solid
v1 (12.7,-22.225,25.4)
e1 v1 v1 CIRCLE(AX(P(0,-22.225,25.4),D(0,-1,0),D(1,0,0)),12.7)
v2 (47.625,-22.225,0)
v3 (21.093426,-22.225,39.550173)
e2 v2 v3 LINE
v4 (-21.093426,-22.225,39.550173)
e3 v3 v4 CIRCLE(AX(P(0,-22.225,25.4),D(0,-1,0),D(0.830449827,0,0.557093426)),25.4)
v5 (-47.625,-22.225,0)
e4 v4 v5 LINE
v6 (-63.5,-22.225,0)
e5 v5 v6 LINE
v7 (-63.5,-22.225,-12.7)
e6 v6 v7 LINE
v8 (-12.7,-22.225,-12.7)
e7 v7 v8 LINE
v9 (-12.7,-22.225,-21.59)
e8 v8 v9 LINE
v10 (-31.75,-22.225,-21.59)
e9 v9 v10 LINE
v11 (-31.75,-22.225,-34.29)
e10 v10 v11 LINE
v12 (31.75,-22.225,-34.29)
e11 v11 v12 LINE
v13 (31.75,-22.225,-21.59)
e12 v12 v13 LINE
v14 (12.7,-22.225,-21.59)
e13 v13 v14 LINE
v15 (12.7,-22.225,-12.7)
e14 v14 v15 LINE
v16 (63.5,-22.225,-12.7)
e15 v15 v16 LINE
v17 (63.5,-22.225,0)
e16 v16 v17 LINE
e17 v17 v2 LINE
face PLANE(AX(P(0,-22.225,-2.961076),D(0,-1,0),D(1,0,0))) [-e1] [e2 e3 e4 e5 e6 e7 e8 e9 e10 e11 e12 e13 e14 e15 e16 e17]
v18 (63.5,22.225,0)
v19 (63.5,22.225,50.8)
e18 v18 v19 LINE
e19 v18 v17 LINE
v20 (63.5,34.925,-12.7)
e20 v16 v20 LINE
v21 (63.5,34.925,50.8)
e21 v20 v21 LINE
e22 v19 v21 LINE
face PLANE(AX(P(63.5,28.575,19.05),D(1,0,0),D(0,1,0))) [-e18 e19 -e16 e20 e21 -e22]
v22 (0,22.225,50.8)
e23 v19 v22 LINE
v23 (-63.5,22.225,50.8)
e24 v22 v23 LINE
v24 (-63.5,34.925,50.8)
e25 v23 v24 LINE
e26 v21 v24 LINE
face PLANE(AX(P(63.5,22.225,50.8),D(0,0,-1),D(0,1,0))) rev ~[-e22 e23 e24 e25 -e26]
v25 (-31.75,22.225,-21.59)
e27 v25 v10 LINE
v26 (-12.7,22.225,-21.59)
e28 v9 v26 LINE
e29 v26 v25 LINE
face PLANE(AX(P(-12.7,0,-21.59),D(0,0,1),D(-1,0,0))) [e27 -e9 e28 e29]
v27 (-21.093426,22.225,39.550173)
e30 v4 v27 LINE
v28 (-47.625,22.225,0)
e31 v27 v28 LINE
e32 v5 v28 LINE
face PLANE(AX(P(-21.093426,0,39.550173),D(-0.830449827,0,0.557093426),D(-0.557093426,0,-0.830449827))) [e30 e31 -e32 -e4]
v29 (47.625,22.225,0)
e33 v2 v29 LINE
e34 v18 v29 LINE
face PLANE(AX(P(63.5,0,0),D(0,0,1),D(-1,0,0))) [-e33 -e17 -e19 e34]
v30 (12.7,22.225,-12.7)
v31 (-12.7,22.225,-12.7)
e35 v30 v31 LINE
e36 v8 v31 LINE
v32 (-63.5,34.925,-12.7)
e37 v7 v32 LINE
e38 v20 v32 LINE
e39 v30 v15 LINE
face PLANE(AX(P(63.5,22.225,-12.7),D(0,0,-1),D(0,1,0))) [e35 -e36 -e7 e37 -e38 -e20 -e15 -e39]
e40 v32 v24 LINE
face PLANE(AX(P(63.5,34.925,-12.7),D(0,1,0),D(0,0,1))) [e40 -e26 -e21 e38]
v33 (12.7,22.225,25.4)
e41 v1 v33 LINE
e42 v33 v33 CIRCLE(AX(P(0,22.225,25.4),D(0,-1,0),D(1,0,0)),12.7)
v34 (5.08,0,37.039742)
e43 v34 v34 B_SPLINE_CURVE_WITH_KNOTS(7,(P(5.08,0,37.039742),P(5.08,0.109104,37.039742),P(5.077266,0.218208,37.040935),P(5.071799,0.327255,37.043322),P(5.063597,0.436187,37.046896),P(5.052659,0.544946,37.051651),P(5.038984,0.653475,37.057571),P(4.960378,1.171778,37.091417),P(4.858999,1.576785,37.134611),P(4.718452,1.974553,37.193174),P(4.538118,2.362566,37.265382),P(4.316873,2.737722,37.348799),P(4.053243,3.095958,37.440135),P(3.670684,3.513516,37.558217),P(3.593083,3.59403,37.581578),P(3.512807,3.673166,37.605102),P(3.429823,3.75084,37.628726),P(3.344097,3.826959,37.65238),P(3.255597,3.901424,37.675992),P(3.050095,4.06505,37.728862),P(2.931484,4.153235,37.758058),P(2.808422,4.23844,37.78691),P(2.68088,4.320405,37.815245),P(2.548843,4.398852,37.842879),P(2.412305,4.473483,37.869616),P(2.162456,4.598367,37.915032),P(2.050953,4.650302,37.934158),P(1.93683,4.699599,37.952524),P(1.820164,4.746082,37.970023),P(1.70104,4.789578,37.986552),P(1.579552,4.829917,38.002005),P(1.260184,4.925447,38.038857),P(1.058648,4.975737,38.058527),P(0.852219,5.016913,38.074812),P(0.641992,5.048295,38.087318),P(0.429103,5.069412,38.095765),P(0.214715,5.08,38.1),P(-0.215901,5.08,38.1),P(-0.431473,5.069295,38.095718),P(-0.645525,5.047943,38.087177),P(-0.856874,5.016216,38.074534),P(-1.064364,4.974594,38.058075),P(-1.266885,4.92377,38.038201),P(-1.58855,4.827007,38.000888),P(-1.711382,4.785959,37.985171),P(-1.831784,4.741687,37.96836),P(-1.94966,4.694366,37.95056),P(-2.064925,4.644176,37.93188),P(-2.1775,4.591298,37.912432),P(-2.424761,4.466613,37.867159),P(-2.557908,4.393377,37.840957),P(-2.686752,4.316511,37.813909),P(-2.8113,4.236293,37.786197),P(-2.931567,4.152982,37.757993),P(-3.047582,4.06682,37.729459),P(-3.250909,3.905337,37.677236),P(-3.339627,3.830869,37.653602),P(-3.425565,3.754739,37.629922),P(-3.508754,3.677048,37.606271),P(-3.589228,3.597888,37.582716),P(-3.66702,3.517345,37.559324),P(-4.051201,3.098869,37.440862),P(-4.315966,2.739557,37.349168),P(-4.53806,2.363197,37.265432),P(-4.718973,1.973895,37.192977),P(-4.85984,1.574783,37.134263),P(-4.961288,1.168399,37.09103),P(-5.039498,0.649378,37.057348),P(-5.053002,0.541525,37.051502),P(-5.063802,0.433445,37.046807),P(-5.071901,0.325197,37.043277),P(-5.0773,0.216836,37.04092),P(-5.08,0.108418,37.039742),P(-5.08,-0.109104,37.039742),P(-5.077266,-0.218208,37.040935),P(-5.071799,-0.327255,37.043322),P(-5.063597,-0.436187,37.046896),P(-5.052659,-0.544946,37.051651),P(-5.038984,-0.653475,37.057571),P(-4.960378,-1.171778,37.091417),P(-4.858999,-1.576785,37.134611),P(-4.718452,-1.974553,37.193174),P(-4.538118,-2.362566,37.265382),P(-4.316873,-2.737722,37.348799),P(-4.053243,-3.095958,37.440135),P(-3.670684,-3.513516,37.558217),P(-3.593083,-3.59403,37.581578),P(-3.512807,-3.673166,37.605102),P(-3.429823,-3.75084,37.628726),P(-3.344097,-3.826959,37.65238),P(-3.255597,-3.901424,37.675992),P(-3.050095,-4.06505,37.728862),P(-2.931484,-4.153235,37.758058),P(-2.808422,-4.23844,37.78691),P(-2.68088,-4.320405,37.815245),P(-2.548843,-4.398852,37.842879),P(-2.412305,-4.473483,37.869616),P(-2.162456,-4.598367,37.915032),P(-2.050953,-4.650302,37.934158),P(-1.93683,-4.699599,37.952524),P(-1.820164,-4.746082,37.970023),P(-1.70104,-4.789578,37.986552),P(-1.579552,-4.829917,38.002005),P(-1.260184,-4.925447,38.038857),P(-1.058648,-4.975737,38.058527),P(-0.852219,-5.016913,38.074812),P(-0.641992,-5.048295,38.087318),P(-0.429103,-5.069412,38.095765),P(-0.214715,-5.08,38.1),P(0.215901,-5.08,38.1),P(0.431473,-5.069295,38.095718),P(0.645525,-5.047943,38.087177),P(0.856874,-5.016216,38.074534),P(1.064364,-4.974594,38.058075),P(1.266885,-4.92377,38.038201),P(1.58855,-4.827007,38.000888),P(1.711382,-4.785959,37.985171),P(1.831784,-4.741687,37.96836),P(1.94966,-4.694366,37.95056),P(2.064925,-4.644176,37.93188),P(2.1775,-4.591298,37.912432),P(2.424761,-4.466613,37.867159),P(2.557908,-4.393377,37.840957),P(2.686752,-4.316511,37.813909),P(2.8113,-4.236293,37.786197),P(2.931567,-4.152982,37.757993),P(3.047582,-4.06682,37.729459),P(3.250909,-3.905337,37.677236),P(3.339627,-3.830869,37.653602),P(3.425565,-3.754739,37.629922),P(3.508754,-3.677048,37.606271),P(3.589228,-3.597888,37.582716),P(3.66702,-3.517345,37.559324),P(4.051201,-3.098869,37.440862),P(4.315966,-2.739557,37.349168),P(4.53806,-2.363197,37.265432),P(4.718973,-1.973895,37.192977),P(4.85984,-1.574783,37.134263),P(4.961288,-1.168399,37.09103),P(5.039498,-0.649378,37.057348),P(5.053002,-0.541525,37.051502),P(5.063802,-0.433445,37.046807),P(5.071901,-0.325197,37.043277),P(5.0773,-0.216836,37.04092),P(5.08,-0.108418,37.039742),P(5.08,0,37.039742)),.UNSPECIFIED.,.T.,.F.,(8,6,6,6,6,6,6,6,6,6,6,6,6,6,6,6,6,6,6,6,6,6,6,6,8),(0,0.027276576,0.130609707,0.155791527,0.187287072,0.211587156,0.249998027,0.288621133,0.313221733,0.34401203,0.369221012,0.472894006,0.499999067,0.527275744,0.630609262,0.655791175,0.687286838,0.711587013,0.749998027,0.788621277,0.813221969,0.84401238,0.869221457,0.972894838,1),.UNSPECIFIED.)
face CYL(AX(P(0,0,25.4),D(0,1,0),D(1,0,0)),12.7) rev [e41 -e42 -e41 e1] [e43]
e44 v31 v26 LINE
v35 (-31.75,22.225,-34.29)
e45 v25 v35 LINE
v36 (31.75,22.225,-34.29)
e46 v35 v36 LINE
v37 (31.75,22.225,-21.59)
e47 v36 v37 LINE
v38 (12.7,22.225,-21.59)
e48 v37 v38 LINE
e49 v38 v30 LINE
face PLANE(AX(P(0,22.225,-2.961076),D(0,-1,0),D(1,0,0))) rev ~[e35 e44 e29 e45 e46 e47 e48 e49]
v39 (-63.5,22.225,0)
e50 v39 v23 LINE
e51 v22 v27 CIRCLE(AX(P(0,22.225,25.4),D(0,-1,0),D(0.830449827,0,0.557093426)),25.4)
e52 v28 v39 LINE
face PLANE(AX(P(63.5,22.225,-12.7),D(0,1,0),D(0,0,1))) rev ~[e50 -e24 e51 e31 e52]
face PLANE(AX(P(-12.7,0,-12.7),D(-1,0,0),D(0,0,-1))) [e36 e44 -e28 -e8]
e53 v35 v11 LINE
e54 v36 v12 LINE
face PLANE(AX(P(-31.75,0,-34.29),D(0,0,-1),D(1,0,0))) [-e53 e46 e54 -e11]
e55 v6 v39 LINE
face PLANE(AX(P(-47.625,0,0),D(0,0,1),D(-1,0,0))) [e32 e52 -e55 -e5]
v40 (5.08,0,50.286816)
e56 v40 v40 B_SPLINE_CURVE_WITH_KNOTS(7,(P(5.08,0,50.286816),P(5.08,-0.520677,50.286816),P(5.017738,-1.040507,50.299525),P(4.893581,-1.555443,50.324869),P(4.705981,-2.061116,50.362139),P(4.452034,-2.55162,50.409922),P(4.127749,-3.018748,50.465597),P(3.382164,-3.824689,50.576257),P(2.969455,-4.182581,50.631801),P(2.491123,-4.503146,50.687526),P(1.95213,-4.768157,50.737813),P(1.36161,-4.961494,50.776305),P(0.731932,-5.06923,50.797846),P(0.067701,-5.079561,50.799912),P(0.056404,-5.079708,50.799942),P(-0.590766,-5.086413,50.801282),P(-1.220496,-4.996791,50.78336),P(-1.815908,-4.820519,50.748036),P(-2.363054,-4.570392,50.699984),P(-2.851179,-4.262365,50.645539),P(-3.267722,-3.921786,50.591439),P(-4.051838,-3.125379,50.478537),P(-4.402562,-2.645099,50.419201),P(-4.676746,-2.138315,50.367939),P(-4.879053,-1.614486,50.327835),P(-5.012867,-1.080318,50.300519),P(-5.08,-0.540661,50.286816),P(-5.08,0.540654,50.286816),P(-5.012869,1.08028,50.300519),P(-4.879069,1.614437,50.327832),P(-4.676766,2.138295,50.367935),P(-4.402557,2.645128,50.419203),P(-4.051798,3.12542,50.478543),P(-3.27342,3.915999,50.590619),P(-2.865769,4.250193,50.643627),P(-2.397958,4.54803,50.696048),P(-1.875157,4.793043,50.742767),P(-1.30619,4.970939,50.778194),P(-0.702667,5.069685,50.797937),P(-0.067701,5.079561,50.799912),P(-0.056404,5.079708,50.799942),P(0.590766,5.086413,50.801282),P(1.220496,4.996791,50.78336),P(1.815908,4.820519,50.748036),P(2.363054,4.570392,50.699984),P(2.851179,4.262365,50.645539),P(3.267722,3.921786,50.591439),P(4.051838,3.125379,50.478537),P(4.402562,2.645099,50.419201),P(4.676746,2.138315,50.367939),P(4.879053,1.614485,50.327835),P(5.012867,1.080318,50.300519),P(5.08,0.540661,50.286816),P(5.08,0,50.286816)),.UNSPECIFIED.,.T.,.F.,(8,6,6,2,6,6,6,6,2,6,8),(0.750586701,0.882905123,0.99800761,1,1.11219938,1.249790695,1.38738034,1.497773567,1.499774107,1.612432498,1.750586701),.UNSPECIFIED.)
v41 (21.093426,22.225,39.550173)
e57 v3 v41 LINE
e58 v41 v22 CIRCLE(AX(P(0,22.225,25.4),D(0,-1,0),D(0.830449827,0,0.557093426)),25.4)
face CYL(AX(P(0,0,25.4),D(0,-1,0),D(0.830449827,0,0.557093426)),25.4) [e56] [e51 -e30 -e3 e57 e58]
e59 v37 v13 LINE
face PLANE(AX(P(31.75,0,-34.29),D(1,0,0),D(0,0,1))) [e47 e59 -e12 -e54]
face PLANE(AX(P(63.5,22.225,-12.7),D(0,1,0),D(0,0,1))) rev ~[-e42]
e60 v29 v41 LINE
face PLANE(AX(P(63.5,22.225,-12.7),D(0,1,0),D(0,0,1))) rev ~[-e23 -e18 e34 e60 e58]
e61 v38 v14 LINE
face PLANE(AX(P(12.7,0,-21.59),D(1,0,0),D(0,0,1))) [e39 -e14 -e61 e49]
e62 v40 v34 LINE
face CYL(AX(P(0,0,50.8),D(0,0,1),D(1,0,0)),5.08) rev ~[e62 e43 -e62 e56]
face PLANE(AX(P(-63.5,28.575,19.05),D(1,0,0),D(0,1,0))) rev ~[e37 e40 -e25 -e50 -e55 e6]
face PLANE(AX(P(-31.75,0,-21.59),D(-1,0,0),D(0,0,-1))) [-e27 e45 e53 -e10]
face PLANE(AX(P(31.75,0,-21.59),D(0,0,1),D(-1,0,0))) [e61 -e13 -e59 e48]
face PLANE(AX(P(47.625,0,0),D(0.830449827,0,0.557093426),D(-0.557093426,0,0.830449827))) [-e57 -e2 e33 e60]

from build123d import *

# Parameters (mm, degrees)
F0_R     = 12.7
F1_DEPTH = 22.225
F2_W     = 12.7
F2_H     = 63.5
F3_DEPTH = 127
F4_R     = 5.08
F5_DEPTH = 13.7612578348


with BuildPart() as f1:
    # F0 (on Front) → F1 (new body, symmetric)
    with BuildSketch(Plane.XZ):
        with BuildLine():
            Line((-12.7, -21.59), (-31.75, -21.59))
            Line((-31.75, -21.59), (-31.75, -34.29))
            Line((-31.75, -34.29), (31.75, -34.29))
            Line((31.75, -34.29), (31.75, -21.59))
            Line((31.75, -21.59), (12.7, -21.59))
            Line((12.7, -21.59), (12.7, -12.7))
            Line((12.7, -12.7), (63.5, -12.7))
            Line((63.5, -12.7), (63.5, 0))
            Line((63.5, 0), (47.625, 0))
            Line((47.625, 0), (21.0934256055, 39.5501730104))
            ThreePointArc((21.0934256055, 39.5501730104), (0, 50.8), (-21.0934256055, 39.5501730104))
            Line((-21.0934256055, 39.5501730104), (-47.625, 0))
            Line((-47.625, 0), (-63.5, 0))
            Line((-63.5, 0), (-63.5, -12.7))
            Line((-63.5, -12.7), (-12.7, -12.7))
            Line((-12.7, -12.7), (-12.7, -21.59))
        make_face()
        with Locations((0, 25.4)):
            Circle(F0_R, mode=Mode.SUBTRACT)
    extrude(amount=F1_DEPTH, both=True)

    # F2 (on face) → F3 (join)
    with BuildSketch(Plane.YZ.offset(63.5)):
        with Locations((28.575, 19.05)):
            Rectangle(F2_W, F2_H)
    extrude(amount=-F3_DEPTH)

    # F4 (on face) → F5 (cut, through all)
    with BuildSketch(Plane.XY.offset(50.8)):
        Circle(F4_R)
    extrude(amount=-F5_DEPTH, mode=Mode.SUBTRACT)


solid = f1.part
